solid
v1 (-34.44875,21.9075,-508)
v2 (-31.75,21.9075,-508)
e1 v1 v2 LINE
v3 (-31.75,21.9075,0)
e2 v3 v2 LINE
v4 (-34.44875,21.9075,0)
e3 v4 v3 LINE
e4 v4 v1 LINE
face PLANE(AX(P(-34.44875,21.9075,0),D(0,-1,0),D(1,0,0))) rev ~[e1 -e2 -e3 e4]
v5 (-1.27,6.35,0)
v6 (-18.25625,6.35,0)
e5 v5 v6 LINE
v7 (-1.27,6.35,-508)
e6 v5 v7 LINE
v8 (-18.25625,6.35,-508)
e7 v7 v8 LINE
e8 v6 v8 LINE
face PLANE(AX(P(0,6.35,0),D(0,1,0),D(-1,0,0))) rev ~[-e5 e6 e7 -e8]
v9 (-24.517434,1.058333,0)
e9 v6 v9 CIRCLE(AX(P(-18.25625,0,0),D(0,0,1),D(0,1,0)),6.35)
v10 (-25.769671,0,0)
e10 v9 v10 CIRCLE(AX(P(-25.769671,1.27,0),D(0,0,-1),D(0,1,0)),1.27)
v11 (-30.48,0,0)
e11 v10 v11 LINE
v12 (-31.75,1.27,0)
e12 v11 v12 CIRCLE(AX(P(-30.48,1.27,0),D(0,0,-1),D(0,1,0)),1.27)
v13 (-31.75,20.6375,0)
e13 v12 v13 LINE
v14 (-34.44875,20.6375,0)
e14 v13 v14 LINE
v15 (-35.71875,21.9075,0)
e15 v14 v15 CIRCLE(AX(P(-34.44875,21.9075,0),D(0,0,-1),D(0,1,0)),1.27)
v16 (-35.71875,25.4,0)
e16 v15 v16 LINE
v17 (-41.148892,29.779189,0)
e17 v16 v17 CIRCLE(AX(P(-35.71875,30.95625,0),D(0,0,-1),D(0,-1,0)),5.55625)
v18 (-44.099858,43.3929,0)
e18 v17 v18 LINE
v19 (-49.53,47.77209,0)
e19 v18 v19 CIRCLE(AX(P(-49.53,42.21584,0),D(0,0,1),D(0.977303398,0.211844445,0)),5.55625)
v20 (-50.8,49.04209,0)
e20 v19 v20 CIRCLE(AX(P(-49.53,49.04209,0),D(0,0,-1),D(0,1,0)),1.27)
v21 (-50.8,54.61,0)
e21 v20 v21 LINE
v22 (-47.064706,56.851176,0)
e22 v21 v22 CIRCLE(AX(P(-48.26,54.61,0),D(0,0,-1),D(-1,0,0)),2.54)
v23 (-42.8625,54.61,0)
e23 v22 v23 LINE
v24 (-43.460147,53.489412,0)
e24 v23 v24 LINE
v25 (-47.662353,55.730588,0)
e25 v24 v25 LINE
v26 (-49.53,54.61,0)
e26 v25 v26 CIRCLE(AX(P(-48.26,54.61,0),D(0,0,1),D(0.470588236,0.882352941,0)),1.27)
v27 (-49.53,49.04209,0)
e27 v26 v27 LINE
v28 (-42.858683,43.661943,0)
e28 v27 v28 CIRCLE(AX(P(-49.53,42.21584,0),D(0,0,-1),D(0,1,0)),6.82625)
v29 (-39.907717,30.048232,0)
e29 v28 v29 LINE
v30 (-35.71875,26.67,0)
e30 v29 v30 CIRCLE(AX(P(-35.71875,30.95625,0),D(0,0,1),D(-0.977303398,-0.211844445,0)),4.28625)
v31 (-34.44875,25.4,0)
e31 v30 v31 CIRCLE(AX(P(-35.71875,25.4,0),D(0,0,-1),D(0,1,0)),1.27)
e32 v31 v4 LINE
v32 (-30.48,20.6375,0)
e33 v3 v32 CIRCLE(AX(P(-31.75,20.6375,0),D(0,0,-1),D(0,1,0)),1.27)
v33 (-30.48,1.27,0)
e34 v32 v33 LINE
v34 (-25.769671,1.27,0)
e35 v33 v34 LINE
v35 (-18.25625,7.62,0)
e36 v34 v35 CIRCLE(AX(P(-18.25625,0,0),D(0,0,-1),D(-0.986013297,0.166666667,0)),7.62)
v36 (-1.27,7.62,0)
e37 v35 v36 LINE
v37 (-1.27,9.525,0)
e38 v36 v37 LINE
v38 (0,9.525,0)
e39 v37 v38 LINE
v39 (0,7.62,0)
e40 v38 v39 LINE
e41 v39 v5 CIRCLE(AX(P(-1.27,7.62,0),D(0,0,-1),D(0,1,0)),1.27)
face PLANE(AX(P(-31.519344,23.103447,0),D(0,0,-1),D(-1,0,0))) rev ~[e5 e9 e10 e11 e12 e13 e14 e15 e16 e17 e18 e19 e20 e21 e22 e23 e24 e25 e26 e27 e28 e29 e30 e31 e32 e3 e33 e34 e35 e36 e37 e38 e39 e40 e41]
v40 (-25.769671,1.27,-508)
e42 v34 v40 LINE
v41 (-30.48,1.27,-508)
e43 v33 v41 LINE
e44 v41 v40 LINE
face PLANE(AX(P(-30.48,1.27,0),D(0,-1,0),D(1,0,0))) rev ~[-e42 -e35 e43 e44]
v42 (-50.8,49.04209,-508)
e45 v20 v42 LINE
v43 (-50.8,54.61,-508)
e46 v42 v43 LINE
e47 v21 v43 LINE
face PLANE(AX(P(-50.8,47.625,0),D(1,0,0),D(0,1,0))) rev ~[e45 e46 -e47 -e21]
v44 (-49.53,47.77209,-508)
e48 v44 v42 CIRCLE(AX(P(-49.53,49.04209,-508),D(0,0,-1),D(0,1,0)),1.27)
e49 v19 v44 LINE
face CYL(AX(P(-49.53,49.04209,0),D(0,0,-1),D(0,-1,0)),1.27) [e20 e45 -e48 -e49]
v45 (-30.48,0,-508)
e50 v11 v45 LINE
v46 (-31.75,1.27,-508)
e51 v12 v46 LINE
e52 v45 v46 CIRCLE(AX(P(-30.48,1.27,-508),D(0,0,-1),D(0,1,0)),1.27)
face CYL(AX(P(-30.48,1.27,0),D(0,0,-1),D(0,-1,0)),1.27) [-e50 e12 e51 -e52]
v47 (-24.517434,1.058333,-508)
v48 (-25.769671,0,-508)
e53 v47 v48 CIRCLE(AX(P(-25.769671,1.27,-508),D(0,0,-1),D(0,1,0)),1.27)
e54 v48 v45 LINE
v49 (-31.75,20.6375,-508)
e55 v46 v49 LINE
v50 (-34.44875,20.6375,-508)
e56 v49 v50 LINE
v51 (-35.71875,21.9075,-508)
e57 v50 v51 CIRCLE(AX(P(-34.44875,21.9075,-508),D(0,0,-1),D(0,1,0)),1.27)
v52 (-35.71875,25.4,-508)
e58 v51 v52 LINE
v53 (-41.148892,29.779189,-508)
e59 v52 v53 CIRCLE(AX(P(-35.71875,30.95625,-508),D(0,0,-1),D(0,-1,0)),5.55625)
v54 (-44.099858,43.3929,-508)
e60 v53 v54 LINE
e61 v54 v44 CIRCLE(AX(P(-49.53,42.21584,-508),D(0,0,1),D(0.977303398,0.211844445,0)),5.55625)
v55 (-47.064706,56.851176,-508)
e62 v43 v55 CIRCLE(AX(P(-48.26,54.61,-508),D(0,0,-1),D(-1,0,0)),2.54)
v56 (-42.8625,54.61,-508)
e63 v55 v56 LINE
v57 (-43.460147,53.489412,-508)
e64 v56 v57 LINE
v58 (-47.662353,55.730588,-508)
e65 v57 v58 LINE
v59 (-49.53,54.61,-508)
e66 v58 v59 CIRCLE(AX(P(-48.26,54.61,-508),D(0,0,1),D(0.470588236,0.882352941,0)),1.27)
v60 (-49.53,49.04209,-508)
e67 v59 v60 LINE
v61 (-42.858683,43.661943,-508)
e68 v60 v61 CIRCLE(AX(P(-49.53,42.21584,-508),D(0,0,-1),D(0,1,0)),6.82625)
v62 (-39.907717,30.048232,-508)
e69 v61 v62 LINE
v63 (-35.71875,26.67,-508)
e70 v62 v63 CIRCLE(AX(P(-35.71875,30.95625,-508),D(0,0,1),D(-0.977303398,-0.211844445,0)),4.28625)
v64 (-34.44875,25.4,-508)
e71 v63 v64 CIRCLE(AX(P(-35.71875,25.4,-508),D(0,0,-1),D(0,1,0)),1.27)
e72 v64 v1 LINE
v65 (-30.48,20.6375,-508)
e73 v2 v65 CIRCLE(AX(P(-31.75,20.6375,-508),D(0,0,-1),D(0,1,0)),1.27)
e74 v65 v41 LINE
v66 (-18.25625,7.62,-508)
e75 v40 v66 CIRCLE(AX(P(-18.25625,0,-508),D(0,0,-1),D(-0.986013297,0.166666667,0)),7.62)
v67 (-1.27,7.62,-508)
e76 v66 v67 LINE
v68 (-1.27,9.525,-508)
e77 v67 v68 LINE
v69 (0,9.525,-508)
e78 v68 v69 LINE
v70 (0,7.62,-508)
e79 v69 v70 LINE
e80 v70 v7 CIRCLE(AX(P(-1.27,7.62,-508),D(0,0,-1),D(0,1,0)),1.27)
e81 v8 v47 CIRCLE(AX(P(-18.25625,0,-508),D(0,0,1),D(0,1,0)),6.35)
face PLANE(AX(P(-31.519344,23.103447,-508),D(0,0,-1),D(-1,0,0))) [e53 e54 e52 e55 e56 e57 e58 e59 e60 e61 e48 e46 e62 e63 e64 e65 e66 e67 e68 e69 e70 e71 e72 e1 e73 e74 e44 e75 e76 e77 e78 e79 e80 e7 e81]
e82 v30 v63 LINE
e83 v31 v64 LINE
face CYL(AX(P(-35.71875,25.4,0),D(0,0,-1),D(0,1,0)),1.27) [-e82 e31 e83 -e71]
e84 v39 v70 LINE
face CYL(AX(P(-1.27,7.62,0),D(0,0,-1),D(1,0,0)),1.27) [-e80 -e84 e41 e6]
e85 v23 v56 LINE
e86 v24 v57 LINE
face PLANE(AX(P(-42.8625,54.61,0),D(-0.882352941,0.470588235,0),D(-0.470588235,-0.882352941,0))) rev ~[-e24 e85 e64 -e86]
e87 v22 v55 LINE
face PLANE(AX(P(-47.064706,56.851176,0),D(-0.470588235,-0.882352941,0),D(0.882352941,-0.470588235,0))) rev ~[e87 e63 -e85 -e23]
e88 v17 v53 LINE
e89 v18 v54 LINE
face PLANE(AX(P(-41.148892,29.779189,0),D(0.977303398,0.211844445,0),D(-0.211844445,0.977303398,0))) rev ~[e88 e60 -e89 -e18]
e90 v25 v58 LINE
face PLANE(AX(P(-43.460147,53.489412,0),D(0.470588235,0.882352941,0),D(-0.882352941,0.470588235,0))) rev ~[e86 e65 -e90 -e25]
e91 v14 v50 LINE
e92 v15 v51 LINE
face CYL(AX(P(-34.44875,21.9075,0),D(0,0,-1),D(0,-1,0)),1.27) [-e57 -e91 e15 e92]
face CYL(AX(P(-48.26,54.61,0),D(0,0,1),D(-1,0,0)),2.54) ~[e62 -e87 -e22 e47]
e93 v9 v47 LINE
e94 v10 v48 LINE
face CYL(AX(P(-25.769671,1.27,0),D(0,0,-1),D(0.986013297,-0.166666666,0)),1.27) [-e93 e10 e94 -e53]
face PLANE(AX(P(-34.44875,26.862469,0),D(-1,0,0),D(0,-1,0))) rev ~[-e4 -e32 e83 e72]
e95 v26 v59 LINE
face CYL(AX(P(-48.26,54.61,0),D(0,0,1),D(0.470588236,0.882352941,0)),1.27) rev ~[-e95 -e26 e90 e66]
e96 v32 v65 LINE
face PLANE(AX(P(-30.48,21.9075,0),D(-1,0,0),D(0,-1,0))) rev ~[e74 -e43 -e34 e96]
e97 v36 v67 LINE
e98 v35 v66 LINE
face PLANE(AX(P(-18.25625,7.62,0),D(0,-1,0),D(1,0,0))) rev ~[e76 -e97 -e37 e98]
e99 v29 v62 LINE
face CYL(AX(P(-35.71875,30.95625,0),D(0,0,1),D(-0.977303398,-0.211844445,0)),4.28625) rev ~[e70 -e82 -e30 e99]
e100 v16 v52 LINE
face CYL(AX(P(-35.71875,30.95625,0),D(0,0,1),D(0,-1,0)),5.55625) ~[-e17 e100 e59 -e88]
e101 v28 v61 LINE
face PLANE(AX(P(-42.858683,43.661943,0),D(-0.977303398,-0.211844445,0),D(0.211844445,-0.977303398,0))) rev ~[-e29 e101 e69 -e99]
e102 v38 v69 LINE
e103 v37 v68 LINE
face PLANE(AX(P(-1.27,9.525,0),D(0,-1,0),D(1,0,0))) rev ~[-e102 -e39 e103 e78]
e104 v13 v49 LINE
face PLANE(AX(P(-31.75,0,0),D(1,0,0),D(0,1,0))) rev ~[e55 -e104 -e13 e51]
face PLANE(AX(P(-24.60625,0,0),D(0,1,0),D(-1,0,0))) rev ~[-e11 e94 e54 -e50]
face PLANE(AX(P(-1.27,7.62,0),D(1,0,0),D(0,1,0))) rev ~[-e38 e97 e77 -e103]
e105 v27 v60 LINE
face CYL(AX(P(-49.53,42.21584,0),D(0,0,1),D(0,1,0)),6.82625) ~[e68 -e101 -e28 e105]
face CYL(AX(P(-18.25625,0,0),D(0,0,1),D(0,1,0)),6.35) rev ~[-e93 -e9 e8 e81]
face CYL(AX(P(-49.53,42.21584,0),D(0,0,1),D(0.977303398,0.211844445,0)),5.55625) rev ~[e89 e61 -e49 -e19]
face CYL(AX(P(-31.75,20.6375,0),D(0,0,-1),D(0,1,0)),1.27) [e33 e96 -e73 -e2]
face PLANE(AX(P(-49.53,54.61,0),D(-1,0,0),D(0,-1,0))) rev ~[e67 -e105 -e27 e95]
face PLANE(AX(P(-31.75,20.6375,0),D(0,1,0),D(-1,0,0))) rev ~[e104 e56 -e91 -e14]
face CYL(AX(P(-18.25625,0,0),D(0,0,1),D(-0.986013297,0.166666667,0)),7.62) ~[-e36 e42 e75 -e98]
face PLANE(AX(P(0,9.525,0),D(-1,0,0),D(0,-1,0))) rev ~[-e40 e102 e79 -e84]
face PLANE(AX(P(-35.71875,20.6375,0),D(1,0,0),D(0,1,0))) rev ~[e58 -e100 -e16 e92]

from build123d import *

# Parameters (mm, degrees)
EXTRUDE_THIN1_DEPTH = 508
FILLET1_R           = 1.27


with BuildPart() as part:
    # Sketch1 → Extrude-Thin1 (new body)
    with BuildSketch(Plane.XY):
        with BuildLine():
            Line((0, 9.525), (0, 6.35))
            Line((0, 6.35), (-18.25625, 6.35))
            ThreePointArc((-18.25625, 6.35), (-22.746378061, 4.490128061), (-24.60625, 0))
            Line((-24.60625, 0), (-31.75, 0))
            Line((-31.75, 0), (-31.75, 20.6375))
            Line((-31.75, 20.6375), (-35.71875, 20.6375))
            Line((-35.71875, 20.6375), (-35.71875, 25.4))
            ThreePointArc((-35.71875, 25.4), (-39.20672008, 26.631209101), (-41.148892003, 29.779189303))
            Line((-41.148892003, 29.779189303), (-44.099857997, 43.392900498))
            ThreePointArc((-44.099857997, 43.392900498), (-46.562785495, 46.913451124), (-50.8, 47.625))
            Line((-50.8, 47.625), (-50.8, 54.61))
            ThreePointArc((-50.8, 54.61), (-49.566819219, 56.788032031), (-47.064705882, 56.851176471))
            Line((-47.064705882, 56.851176471), (-42.8625, 54.61))
            Line((-42.8625, 54.61), (-43.460147059, 53.489411765))
            Line((-43.460147059, 53.489411765), (-47.662352941, 55.730588235))
            ThreePointArc((-47.662352941, 55.730588235), (-48.913409609, 55.699016016), (-49.53, 54.61))
            Line((-49.53, 54.61), (-49.53, 49.042089801))
            ThreePointArc((-49.53, 49.042089801), (-45.244779615, 47.529461477), (-42.858682681, 43.661942943))
            Line((-42.858682681, 43.661942943), (-39.907716688, 30.048231748))
            ThreePointArc((-39.907716688, 30.048231748), (-37.879157823, 27.254280646), (-34.44875, 26.862469466))
            Line((-34.44875, 26.862469466), (-34.44875, 21.9075))
            Line((-34.44875, 21.9075), (-30.48, 21.9075))
            Line((-30.48, 21.9075), (-30.48, 1.27))
            Line((-30.48, 1.27), (-25.769671325, 1.27))
            ThreePointArc((-25.769671325, 1.27), (-23.17493885, 5.819871133), (-18.25625, 7.62))
            Line((-18.25625, 7.62), (-1.27, 7.62))
            Line((-1.27, 7.62), (-1.27, 9.525))
            Line((-1.27, 9.525), (0, 9.525))
        make_face()
    extrude(amount=-EXTRUDE_THIN1_DEPTH)

    # Fillet1
    fillet1_edges = [part.edges().sort_by_distance(p)[0] for p in [
        (-34.44875, 26.862469466, -254),
        (-30.48, 21.9075, -254),
        (0, 6.35, -254),
        (-24.60625, 0, -254),
        (-31.75, 0, -254),
        (-35.71875, 20.6375, -254),
        (-50.8, 47.625, -254),
    ]]
    fillet(fillet1_edges, radius=FILLET1_R)


solid = part.part
